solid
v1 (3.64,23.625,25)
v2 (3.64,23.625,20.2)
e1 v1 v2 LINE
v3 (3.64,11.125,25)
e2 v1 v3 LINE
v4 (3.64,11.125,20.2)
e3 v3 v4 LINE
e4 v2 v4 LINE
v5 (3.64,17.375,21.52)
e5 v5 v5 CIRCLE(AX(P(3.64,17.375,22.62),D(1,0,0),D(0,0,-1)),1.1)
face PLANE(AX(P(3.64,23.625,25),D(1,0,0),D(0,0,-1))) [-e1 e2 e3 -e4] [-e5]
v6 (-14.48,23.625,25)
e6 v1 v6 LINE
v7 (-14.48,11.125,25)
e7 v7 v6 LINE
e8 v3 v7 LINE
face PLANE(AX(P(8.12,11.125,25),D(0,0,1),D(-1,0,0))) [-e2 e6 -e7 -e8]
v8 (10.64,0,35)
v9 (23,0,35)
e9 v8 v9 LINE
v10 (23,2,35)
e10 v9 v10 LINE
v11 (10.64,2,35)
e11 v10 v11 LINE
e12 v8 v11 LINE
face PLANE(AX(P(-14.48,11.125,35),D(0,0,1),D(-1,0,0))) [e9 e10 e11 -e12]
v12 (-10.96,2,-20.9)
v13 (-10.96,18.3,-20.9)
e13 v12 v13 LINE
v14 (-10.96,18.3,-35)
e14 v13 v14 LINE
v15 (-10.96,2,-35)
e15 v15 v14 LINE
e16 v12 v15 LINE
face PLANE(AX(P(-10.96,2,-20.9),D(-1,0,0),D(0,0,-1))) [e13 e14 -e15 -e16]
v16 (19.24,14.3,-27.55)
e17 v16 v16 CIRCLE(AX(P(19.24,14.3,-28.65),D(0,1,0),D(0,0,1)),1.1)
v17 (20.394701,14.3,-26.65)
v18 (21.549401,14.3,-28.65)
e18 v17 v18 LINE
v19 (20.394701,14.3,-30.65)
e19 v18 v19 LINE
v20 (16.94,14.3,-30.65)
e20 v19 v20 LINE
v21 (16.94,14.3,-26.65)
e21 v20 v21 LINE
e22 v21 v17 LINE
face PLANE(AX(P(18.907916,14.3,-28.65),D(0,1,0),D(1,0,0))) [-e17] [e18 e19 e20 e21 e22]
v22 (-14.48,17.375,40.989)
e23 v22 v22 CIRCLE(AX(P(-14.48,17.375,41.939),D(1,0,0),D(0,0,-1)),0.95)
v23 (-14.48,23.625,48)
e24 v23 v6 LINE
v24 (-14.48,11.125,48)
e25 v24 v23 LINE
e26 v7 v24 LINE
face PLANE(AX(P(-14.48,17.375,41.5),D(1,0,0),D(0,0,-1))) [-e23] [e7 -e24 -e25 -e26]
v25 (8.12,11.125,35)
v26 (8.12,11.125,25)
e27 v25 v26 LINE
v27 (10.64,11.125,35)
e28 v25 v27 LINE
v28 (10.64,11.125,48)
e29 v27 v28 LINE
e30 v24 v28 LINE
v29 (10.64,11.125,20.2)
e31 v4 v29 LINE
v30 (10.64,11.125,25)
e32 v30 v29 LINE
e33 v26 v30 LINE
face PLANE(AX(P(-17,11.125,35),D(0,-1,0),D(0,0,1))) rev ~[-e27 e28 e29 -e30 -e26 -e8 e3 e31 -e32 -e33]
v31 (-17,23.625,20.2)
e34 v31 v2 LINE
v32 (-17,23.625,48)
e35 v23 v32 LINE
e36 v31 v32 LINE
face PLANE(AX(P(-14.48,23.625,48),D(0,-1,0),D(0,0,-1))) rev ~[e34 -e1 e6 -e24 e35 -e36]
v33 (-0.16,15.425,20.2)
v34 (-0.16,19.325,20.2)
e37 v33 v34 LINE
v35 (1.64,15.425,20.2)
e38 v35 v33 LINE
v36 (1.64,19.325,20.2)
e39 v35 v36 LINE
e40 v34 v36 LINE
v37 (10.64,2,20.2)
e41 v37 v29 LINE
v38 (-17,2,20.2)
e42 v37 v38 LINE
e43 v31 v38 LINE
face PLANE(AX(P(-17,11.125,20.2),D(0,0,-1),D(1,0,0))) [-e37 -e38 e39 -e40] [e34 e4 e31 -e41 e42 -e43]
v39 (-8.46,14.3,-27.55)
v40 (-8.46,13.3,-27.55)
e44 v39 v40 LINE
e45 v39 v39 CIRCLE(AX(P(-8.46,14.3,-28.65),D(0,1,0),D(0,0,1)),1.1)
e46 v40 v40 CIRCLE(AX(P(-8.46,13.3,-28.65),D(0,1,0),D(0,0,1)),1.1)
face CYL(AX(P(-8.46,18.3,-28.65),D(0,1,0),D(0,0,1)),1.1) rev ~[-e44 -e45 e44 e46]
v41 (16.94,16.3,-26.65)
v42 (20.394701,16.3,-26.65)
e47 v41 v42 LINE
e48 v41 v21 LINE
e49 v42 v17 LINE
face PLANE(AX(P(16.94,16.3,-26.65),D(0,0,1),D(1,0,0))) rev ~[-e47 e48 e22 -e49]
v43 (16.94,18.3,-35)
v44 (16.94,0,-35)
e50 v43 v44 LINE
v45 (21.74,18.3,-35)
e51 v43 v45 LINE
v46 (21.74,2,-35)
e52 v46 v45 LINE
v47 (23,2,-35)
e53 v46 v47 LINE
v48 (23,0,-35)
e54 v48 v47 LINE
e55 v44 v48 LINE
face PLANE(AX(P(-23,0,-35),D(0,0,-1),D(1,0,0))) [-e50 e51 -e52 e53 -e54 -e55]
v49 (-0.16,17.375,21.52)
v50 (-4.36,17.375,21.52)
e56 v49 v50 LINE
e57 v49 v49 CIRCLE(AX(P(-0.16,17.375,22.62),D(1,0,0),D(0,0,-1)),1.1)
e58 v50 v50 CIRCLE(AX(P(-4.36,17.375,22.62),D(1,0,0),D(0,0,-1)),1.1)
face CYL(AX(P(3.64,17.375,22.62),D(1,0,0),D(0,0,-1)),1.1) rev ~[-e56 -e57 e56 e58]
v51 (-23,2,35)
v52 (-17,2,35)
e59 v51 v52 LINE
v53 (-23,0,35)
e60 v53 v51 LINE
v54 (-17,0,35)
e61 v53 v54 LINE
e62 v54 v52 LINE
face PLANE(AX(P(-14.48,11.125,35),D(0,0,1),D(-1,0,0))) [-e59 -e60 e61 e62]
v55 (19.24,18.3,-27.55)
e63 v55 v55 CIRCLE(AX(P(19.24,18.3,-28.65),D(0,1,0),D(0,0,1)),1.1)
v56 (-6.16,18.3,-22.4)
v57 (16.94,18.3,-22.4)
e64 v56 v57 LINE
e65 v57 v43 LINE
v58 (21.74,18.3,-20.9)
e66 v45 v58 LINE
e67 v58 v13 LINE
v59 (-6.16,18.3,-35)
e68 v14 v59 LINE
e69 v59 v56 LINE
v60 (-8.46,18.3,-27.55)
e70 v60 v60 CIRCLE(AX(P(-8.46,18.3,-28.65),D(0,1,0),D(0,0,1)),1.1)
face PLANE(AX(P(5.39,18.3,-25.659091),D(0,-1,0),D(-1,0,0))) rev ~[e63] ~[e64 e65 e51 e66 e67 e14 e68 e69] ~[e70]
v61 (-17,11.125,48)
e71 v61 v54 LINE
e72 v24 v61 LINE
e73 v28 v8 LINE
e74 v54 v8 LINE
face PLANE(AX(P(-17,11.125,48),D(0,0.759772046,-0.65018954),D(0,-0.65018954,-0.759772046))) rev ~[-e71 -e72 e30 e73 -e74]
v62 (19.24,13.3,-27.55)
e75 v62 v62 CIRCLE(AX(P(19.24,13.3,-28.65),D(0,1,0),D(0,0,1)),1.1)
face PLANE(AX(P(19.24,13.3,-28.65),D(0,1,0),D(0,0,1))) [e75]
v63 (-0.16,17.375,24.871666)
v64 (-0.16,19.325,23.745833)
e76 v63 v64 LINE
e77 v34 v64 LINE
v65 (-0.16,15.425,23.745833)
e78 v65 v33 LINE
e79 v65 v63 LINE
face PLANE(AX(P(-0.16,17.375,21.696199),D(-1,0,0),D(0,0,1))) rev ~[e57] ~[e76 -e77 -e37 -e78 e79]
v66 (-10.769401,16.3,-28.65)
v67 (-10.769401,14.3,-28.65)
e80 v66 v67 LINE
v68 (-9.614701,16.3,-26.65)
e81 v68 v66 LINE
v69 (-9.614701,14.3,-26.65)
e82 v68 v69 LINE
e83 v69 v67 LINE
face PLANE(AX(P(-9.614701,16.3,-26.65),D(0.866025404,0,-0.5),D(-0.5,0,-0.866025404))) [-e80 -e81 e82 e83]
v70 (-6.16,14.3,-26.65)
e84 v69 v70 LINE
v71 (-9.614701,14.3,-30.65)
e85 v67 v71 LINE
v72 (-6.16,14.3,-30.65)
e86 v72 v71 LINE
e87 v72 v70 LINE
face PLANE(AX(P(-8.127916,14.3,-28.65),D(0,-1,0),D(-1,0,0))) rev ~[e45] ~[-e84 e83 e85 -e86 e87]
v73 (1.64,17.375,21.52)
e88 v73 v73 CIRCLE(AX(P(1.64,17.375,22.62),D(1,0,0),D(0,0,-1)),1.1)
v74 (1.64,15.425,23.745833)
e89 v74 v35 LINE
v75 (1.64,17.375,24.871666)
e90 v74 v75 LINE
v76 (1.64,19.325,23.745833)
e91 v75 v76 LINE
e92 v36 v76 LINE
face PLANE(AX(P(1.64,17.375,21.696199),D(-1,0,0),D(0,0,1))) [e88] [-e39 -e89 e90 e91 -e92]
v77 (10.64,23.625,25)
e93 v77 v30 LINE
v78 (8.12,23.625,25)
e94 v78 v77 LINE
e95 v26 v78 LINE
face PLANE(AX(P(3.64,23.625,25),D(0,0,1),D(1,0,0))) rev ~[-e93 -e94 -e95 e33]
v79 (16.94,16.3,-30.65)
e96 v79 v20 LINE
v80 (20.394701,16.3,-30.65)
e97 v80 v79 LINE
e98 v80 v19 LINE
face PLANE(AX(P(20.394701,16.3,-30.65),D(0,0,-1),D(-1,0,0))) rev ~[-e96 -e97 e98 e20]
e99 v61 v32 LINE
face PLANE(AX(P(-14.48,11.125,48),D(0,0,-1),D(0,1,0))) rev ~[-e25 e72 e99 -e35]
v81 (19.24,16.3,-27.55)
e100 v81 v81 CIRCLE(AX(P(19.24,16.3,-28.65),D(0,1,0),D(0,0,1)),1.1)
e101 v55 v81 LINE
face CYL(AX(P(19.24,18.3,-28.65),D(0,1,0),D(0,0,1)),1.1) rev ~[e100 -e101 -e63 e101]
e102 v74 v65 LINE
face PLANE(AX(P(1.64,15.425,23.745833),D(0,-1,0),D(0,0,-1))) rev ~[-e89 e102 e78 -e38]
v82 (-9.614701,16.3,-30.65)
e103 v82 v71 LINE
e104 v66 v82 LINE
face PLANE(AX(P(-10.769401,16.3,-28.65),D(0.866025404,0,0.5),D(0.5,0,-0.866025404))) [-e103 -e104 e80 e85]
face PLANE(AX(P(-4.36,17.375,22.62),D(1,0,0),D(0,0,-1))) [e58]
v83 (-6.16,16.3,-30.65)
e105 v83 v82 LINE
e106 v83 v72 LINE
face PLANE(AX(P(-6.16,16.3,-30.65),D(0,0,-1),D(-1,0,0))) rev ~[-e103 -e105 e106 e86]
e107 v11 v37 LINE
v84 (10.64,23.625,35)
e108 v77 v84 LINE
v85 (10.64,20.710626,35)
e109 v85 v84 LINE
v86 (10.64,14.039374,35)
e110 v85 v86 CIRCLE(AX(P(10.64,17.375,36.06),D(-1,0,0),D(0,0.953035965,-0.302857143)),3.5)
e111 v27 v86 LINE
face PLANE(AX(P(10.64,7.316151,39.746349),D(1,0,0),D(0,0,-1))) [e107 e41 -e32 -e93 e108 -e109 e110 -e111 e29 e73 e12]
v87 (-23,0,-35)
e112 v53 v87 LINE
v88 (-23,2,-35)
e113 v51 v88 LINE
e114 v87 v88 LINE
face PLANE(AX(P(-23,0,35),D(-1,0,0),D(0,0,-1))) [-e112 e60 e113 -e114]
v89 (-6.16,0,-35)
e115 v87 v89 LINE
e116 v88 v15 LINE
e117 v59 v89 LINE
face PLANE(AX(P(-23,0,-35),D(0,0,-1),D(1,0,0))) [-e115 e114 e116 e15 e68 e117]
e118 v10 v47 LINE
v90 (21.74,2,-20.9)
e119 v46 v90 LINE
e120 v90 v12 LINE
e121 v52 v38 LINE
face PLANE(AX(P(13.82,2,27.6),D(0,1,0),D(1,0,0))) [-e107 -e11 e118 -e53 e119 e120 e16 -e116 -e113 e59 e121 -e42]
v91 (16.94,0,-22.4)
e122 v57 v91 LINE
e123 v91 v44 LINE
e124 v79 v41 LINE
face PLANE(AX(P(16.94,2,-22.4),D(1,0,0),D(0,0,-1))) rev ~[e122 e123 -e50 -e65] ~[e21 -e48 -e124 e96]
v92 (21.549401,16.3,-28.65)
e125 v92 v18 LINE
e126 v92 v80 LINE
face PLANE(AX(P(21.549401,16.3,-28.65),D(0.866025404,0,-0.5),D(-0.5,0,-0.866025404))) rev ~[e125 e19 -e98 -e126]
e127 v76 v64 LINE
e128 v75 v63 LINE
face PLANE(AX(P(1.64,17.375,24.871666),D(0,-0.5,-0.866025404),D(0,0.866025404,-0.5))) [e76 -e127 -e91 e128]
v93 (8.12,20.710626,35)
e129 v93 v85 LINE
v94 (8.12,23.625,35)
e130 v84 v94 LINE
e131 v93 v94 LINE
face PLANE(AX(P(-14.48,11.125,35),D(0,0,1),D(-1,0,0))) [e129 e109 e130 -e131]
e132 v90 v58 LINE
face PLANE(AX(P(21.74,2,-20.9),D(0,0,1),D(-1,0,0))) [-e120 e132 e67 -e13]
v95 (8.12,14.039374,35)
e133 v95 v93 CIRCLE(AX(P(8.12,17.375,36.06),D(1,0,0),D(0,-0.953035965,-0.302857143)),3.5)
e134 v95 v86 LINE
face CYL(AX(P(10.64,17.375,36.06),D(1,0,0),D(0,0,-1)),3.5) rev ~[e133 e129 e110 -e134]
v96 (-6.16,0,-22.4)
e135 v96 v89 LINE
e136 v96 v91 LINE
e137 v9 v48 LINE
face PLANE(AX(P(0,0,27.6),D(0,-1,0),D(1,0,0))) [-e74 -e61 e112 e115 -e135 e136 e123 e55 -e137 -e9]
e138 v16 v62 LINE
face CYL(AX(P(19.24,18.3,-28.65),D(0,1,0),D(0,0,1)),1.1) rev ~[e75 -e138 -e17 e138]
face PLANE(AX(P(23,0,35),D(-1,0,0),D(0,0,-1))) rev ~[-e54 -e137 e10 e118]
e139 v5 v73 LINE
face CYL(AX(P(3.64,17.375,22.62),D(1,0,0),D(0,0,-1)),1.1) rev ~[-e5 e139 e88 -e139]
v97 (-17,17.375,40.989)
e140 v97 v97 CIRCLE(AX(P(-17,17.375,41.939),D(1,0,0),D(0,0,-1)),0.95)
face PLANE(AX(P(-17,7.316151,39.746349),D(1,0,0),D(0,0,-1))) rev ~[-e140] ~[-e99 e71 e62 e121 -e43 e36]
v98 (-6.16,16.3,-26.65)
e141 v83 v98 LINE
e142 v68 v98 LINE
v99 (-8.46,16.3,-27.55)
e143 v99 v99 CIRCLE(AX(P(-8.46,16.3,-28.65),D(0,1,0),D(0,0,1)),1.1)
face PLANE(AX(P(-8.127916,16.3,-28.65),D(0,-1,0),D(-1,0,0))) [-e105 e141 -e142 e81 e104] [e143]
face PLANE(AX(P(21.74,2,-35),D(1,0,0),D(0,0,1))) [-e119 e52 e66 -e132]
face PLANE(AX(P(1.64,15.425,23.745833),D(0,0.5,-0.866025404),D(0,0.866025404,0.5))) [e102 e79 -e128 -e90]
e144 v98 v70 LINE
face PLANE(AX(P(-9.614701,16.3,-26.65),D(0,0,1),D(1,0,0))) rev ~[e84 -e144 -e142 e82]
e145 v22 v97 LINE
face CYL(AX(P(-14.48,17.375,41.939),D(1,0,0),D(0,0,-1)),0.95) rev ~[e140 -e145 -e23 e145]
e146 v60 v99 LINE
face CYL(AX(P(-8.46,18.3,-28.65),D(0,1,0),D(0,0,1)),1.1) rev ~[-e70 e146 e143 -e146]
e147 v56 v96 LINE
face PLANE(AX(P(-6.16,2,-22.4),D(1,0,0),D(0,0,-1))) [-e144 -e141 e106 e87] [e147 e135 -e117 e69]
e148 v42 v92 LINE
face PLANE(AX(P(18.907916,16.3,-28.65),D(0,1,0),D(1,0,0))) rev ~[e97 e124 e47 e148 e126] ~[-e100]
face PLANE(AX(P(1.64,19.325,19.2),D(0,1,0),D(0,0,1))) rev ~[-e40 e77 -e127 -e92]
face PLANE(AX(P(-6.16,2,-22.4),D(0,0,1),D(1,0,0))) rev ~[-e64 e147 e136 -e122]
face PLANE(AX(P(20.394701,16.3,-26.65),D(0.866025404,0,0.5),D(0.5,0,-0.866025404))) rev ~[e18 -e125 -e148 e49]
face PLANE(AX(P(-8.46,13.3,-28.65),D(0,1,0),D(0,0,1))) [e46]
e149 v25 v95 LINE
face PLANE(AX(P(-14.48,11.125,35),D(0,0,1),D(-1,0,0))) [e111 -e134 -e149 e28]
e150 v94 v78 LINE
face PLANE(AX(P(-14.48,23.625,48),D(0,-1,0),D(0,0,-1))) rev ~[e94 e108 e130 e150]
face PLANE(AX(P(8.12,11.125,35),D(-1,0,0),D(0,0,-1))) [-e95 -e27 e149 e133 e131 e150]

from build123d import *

# Parameters (mm, degrees)
SKETCH1_W           = 46
SKETCH1_H           = 70
BOSS_EXTRUDE1_DEPTH = 2
BOSS_EXTRUDE2_DEPTH = 16.3
SKETCH3_W           = 23.1
SKETCH3_H           = 12.6
CUT_EXTRUDE1_DEPTH  = 45.940961271
SKETCH4_W           = 34
SKETCH4_H           = 14.8
BOSS_EXTRUDE3_DEPTH = 11.125
BOSS_EXTRUDE4_DEPTH = 12.5
SKETCH7_W           = 6.36
SKETCH7_H           = 14.8
CUT_EXTRUDE2_DEPTH  = 9.125
SKETCH8_W           = 13
SKETCH8_H           = 12.5
SKETCH8_R           = 0.95
BOSS_EXTRUDE5_DEPTH = 2.52
BOSS_EXTRUDE6_DEPTH = 27.64
SKETCH10_W          = 7
SKETCH10_H          = 4.8
CUT_EXTRUDE3_DEPTH  = 12.5
SKETCH11_R          = 3.5
CUT_EXTRUDE4_DEPTH  = 10
SKETCH12_R          = 1.1
CUT_EXTRUDE5_DEPTH  = 8
CUT_EXTRUDE6_DEPTH  = 1.8
SKETCH14_R          = 1.1
CUT_EXTRUDE7_DEPTH  = 5
CUT_EXTRUDE8_DEPTH  = 2


with BuildPart() as part:
    # Sketch1 → Boss-Extrude1 (new body)
    with BuildSketch(Plane(origin=(0, 0, 0), x_dir=(1, 0, 0), z_dir=(0, 1, 0))):
        Rectangle(SKETCH1_W, SKETCH1_H)
    extrude(amount=BOSS_EXTRUDE1_DEPTH)

    # Sketch2 → Boss-Extrude2 (add)
    with BuildSketch(Plane(origin=(0, 2, 0), x_dir=(1, 0, 0), z_dir=(0, 1, 0))):
        Polygon((16.94, 22.4), (16.94, 35), (21.74, 35), (21.74, 20.9), (-10.96, 20.9), (-10.96, 35), (-6.16, 35), (-6.16, 22.4), align=None)
    extrude(amount=BOSS_EXTRUDE2_DEPTH)

    # Sketch3 → Cut-Extrude1 (cut, through all)
    with BuildSketch(Plane(origin=(0, 2, 0), x_dir=(1, 0, 0), z_dir=(0, 1, 0))):
        with Locations((5.39, 28.7)):
            Rectangle(SKETCH3_W, SKETCH3_H)
    extrude(amount=-CUT_EXTRUDE1_DEPTH, mode=Mode.SUBTRACT)

    # Sketch4 → Boss-Extrude3 (add)
    with BuildSketch(Plane.XZ):
        with Locations((0, 27.6)):
            Rectangle(SKETCH4_W, SKETCH4_H)
    extrude(amount=-BOSS_EXTRUDE3_DEPTH)

    # Sketch5 → Boss-Extrude4 (add)
    with BuildSketch(Plane(origin=(0, 11.125, 0), x_dir=(1, 0, 0), z_dir=(0, 1, 0))):
        Polygon((-14.48, -35), (-17, -35), (-17, -20.2), (10.64, -20.2), (10.64, -35), (8.12, -35), (8.12, -25), (-14.48, -25), align=None)
    extrude(amount=BOSS_EXTRUDE4_DEPTH)

    # Sketch7 → Cut-Extrude2 (cut)
    with BuildSketch(Plane(origin=(0, 11.125, 0), x_dir=(1, 0, 0), z_dir=(0, 1, 0))):
        with Locations((13.82, -27.6)):
            Rectangle(SKETCH7_W, SKETCH7_H)
    extrude(amount=-CUT_EXTRUDE2_DEPTH, mode=Mode.SUBTRACT)

    # Sketch8 → Boss-Extrude5 (add)
    with BuildSketch(Plane(origin=(-14.48, 0, 0), x_dir=(0, 0, -1), z_dir=(1, 0, 0))):
        with Locations((-41.5, 17.375)):
            Rectangle(SKETCH8_W, SKETCH8_H)
        with Locations((-41.939, 17.375)):
            Circle(SKETCH8_R, mode=Mode.SUBTRACT)
    extrude(amount=-BOSS_EXTRUDE5_DEPTH)

    # Sketch9 → Boss-Extrude6 (add)
    with BuildSketch(Plane.ZY.offset(17)):
        Polygon((48, 11.125), (35, 0), (35, 11.125), align=None)
    extrude(amount=-BOSS_EXTRUDE6_DEPTH)

    # Sketch10 → Cut-Extrude3 (cut)
    with BuildSketch(Plane(origin=(0, 23.625, 0), x_dir=(1, 0, 0), z_dir=(0, 1, 0))):
        with Locations((7.14, -22.6)):
            Rectangle(SKETCH10_W, SKETCH10_H)
    extrude(amount=-CUT_EXTRUDE3_DEPTH, mode=Mode.SUBTRACT)

    # Sketch11 → Cut-Extrude4 (cut)
    with BuildSketch(Plane(origin=(10.64, 0, 0), x_dir=(0, 0, -1), z_dir=(1, 0, 0))):
        with Locations((-36.06, 17.375)):
            Circle(SKETCH11_R)
    extrude(amount=-CUT_EXTRUDE4_DEPTH, mode=Mode.SUBTRACT)

    # Sketch12 → Cut-Extrude5 (cut)
    with BuildSketch(Plane(origin=(3.64, 0, 0), x_dir=(0, 0, -1), z_dir=(1, 0, 0))):
        with Locations((-22.62, 17.375)):
            Circle(SKETCH12_R)
    extrude(amount=-CUT_EXTRUDE5_DEPTH, mode=Mode.SUBTRACT)

    # Sketch13 → Cut-Extrude6 (cut)
    with BuildSketch(Plane(origin=(1.64, 0, 0), x_dir=(0, 0, -1), z_dir=(1, 0, 0))):
        Polygon((-21.494166975, 19.325), (-19.2, 19.325), (-19.2, 15.425), (-21.494166975, 15.425), (-23.745833025, 15.425), (-24.87166605, 17.375), (-23.745833025, 19.325), align=None)
    extrude(amount=-CUT_EXTRUDE6_DEPTH, mode=Mode.SUBTRACT)

    # Sketch14 → Cut-Extrude7 (cut)
    with BuildSketch(Plane(origin=(0, 18.3, 0), x_dir=(1, 0, 0), z_dir=(0, 1, 0))):
        with Locations(Location((-8.46, 28.65, 0), (0, 0, 270))):
            Circle(SKETCH14_R)
        with Locations(Location((19.24, 28.65, 0), (0, 0, 270))):
            Circle(SKETCH14_R)
    extrude(amount=-CUT_EXTRUDE7_DEPTH, mode=Mode.SUBTRACT)

    # Sketch15 → Cut-Extrude8 (cut)
    with BuildSketch(Plane(origin=(0, 16.3, 0), x_dir=(1, 0, 0), z_dir=(0, 1, 0))):
        Polygon((18.085299462, 30.65), (16.94, 30.65), (16.94, 26.65), (18.085299462, 26.65), (20.394700538, 26.65), (21.549401077, 28.65), (20.394700538, 30.65), align=None)
        Polygon((-6.16, 26.65), (-7.305299462, 26.65), (-9.614700538, 26.65), (-10.769401077, 28.65), (-9.614700538, 30.65), (-7.305299462, 30.65), (-6.16, 30.65), align=None)
    extrude(amount=-CUT_EXTRUDE8_DEPTH, mode=Mode.SUBTRACT)


solid = part.part
